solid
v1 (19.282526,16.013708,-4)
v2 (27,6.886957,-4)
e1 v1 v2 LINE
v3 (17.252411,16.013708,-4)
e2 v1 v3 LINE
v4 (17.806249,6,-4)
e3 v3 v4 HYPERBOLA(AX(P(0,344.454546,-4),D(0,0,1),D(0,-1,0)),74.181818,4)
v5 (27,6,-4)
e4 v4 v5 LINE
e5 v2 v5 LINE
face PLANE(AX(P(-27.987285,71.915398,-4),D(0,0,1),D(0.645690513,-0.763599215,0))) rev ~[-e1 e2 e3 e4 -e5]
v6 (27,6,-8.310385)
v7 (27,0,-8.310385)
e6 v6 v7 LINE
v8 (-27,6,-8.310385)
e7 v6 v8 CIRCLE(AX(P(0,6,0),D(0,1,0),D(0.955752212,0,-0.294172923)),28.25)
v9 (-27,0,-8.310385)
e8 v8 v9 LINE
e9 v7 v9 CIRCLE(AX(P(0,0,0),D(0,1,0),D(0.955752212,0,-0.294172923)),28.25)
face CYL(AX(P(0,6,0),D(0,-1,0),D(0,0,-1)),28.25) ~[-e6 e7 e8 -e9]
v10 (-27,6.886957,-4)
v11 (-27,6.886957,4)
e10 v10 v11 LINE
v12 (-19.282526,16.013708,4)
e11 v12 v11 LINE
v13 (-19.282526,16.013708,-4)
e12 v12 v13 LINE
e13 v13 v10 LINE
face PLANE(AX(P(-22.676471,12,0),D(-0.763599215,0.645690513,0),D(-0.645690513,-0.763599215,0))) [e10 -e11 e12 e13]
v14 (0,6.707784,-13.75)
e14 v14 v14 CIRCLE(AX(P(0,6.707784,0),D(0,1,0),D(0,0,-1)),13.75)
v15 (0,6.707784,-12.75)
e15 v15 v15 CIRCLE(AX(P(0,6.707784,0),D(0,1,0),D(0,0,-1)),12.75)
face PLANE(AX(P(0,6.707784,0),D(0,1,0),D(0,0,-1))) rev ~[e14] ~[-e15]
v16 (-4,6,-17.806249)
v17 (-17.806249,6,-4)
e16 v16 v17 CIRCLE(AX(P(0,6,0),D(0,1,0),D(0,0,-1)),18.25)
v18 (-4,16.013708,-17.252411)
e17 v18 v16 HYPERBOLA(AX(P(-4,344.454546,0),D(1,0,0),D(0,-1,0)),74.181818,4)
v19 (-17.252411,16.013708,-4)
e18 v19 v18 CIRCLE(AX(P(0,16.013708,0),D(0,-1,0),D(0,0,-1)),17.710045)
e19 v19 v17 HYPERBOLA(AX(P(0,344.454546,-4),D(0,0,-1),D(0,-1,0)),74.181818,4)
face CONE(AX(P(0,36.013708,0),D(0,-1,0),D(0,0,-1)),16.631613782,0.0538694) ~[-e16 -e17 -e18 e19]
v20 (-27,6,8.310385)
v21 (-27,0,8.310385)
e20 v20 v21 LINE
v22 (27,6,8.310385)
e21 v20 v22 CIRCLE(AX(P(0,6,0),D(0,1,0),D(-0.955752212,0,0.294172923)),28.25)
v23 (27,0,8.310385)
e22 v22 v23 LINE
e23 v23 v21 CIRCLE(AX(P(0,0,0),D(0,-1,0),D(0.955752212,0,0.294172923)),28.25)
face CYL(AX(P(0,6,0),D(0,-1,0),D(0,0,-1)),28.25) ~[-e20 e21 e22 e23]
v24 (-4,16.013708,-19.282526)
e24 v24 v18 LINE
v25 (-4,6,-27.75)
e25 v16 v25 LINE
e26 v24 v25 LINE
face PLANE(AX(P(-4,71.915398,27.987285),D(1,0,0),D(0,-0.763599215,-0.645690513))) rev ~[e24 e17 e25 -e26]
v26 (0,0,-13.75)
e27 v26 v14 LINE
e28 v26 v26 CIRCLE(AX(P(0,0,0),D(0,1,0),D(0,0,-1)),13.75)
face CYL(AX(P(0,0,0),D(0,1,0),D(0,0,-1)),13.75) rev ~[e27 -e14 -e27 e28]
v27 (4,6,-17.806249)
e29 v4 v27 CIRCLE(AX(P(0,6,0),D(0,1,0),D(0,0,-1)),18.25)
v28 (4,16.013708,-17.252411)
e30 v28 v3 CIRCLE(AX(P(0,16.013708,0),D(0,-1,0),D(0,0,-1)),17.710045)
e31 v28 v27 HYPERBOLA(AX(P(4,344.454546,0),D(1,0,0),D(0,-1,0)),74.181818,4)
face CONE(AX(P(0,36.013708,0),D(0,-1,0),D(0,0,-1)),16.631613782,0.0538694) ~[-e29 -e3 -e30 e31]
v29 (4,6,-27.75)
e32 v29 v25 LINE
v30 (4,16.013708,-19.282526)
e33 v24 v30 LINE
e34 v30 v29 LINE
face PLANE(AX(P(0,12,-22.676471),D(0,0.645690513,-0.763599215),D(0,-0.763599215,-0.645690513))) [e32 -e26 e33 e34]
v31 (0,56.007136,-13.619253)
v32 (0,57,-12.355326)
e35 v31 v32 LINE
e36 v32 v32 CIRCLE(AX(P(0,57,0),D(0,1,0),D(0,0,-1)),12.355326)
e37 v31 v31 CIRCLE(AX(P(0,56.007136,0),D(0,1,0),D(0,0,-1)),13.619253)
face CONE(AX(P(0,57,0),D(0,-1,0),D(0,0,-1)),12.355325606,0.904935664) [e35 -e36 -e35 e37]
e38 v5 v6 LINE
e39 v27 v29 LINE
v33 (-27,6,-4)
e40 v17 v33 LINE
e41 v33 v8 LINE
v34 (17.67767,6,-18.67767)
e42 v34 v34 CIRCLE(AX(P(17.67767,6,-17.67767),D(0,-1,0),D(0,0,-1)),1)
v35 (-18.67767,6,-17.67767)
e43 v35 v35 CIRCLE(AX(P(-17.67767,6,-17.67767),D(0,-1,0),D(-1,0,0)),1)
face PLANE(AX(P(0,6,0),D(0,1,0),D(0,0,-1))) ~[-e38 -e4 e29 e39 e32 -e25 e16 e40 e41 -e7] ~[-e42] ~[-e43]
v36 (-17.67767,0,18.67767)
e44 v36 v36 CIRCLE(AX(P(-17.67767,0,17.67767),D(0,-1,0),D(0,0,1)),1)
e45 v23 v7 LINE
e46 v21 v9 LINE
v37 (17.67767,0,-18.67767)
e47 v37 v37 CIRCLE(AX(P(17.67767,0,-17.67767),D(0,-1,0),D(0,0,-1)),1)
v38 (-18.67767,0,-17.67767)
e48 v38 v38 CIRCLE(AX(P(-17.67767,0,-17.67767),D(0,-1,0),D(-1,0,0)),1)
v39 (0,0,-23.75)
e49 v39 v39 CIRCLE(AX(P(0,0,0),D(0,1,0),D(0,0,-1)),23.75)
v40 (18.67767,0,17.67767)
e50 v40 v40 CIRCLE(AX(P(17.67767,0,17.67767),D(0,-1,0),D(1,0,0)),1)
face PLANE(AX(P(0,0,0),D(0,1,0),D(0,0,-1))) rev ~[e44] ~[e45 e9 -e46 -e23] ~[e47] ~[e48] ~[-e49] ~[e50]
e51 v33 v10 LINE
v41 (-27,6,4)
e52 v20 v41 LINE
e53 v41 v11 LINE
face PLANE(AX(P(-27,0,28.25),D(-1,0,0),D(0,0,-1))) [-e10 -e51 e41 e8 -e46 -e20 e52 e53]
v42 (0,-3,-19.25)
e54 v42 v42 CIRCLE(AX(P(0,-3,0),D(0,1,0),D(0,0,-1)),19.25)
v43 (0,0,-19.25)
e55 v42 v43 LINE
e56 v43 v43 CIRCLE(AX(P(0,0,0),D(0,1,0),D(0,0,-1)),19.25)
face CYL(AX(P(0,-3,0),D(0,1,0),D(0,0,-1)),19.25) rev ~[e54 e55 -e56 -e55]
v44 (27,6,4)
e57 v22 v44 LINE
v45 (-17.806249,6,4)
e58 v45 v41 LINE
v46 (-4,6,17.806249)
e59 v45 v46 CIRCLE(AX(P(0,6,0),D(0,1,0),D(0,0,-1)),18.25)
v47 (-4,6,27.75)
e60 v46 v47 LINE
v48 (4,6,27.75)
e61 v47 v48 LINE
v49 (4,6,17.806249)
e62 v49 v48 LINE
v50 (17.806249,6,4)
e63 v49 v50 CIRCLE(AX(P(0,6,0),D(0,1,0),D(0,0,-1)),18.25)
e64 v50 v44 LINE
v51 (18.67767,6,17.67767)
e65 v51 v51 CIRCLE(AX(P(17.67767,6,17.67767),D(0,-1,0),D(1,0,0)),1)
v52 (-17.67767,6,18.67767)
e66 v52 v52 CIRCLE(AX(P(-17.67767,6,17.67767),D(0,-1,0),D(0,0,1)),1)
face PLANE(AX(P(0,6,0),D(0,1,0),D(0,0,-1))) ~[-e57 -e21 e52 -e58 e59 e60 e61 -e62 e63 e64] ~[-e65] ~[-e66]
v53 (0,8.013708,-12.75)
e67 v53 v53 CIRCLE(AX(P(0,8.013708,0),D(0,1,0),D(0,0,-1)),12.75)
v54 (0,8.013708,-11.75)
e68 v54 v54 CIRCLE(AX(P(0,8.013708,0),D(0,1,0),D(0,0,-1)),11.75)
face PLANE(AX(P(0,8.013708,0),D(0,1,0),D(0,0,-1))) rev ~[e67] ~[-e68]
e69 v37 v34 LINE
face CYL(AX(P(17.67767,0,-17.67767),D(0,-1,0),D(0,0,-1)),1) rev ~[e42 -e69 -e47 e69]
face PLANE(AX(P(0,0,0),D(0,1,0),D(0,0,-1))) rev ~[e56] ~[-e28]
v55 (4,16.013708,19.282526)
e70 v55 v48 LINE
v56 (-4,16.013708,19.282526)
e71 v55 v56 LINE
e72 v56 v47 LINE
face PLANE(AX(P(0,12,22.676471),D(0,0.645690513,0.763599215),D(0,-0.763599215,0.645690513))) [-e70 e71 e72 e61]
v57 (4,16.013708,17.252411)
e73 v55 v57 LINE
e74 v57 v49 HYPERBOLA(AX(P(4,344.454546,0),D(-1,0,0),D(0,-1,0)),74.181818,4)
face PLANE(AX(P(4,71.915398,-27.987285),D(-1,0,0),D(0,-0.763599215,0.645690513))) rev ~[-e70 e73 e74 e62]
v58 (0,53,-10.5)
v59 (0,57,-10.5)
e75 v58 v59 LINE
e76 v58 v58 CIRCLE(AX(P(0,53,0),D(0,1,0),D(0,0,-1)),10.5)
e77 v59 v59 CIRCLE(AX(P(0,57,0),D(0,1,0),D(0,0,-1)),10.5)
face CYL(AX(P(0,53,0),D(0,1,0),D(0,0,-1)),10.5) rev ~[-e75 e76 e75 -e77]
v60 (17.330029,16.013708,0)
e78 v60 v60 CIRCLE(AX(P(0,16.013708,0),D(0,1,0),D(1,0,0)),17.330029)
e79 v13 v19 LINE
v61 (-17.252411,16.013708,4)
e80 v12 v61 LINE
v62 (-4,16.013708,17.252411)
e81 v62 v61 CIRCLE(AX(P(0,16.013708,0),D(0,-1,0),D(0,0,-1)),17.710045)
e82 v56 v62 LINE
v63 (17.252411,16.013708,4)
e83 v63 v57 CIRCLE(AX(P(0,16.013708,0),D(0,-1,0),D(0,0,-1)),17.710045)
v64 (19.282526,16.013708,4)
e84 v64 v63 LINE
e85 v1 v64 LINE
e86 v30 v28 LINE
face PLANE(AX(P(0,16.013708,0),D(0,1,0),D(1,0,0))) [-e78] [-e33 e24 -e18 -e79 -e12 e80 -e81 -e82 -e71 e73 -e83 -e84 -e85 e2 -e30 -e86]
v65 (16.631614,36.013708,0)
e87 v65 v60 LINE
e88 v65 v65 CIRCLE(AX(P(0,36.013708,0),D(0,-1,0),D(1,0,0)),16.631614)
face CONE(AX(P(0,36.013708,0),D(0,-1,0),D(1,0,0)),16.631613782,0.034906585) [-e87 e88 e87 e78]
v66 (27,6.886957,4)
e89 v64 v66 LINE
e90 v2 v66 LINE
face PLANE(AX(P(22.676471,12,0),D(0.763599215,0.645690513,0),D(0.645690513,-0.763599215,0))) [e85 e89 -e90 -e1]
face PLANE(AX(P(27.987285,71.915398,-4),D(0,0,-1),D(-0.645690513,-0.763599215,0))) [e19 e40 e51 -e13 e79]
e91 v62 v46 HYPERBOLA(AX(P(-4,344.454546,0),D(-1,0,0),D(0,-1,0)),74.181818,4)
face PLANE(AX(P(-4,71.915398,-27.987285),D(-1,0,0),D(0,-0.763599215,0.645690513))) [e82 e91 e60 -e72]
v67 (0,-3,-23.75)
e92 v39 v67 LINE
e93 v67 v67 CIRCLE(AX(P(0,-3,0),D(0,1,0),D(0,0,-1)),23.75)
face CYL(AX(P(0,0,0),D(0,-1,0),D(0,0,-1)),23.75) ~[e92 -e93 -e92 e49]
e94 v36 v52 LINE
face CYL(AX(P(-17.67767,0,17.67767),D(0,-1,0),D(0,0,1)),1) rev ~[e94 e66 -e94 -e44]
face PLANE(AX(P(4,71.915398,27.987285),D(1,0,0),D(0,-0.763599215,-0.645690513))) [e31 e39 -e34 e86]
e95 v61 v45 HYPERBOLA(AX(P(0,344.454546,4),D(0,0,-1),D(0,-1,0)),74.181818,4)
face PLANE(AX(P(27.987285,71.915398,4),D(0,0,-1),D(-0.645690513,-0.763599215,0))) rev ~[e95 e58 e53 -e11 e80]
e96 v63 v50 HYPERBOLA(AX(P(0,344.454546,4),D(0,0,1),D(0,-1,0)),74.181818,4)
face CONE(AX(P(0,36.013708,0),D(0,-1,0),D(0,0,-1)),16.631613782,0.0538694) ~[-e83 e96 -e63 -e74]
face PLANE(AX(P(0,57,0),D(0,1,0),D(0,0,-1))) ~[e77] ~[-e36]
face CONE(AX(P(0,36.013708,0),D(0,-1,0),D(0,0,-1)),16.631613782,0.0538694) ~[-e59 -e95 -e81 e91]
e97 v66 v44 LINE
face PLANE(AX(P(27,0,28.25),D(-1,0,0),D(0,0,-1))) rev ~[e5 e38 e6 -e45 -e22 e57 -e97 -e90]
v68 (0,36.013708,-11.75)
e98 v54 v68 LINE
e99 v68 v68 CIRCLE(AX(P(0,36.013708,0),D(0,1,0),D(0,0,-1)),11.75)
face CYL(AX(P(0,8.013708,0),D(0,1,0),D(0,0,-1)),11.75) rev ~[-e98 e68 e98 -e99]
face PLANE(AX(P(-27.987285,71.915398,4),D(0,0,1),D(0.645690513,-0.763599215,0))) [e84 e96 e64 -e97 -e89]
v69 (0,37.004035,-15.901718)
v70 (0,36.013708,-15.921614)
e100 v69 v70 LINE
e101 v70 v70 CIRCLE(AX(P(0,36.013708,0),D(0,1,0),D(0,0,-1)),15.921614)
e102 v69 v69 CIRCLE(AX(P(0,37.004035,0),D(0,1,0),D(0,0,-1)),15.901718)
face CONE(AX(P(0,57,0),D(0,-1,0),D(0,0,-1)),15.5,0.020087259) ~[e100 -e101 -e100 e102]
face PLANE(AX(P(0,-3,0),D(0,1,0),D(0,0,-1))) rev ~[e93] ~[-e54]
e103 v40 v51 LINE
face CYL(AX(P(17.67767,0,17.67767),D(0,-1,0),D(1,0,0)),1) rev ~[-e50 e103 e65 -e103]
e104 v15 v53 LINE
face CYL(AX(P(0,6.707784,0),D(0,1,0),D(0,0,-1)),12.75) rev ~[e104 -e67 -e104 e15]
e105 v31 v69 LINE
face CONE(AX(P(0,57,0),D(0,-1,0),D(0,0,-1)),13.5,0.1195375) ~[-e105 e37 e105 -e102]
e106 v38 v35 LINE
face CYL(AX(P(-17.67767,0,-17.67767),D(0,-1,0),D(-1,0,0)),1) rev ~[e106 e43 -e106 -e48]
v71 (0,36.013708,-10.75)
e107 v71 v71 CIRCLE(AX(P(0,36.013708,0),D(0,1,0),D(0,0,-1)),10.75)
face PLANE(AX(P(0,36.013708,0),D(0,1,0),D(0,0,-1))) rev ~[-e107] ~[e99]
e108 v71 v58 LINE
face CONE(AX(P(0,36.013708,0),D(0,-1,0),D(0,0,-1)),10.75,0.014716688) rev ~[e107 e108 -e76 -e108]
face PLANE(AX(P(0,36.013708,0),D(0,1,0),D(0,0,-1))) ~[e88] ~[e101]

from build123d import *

# Parameters (mm, degrees)
RIB1_REACH          = 71.607
SKETCH3_WALL_W      = 156.928914452
SKETCH3_WALL_H      = 8
CHAMFER1_SIZE       = 2
CHAMFER1_SIZE2      = 20
CHAMFER2_SIZE       = 1
CHAMFER2_SIZE2      = 1.144674394
CIRPATTERN23_COUNT  = 4
CUT_EXTRUDE7_REACH  = 71.607
SKETCH5_R           = 1
CIRPATTERN24_COUNT  = 4
SKETCH4_OUTSIDE_W   = 79.882
SKETCH4_OUTSIDE_H   = 79.882
SKETCH4_OUTSIDE_R   = 16.631613782
CUT_EXTRUDE8_DEPTH  = 20
CUT_EXTRUDE8_DRAFT  = -2
SKETCH7_OUTSIDE_W   = 78.484
SKETCH7_OUTSIDE_H   = 78.484
SKETCH7_OUTSIDE_W_2 = 54
SKETCH7_OUTSIDE_H_2 = 56.5
CUT_EXTRUDE9_DEPTH  = 57


with BuildPart() as part:
    # Sketch1 → Revolve1 (revolve)
    with BuildSketch(Plane(origin=(0, 0, 0), x_dir=(0, 0, -1), z_dir=(1, 0, 0))):
        Polygon((10.5, 57), (15.5, 57), (15.921613782, 36.013708049), (16.631613782, 36.013708049), (18.25, 6), (28.25, 6), (28.25, 0), (23.75, 0), (23.75, -3), (19.25, -3), (19.25, 0), (13.75, 0), (13.75, 6.707783598), (12.75, 6.707783598), (12.75, 8.013708049), (11.75, 8.013708049), (11.75, 36.013708049), (10.75, 36.013708049), (10.5, 53), align=None)
    revolve(axis=Axis((0, 0, 0), (0, 1, 0)))

    # Sketch3 wall → Rib1 (add, up to next)
    with BuildSketch(Plane(origin=(22.676470588, 12, 0), x_dir=(0.645690512921, -0.763599215245, 0), z_dir=(0.763599215245, 0.645690512921, 0)), mode=Mode.PRIVATE) as rib1_sk1:
        Rectangle(SKETCH3_WALL_W, SKETCH3_WALL_H)
    rib1_tool1 = extrude(rib1_sk1.sketch, amount=-RIB1_REACH, mode=Mode.PRIVATE) - part.part
    rib1 = rib1_tool1.solids().sort_by_distance((22.676470588, 12, 0))[0]
    add(rib1)

    # Chamfer1
    chamfer1_edges = [part.edges().sort_by_distance(p)[0] for p in [
        (0, 57, 15.5),
    ]]
    chamfer1_side = [part.faces().sort_by_distance(p)[0] for p in [
        (0, 57, 10.938406204),
    ]]
    chamfer(chamfer1_edges, length=CHAMFER1_SIZE, length2=CHAMFER1_SIZE2, reference=chamfer1_side[0])

    # Chamfer2
    chamfer2_edges = [part.edges().sort_by_distance(p)[0] for p in [
        (0, 57, 13.5),
    ]]
    chamfer2_side = [part.faces().sort_by_distance(p)[0] for p in [
        (0, 47.002017422, 14.700859078),
    ]]
    chamfer(chamfer2_edges, length=CHAMFER2_SIZE, length2=CHAMFER2_SIZE2, reference=chamfer2_side[0])

    # CirPattern23: Rib1 ×4 about axis
    cirpattern23_axis = Axis((0, 0, 0), (0, 1, 0))
    for i in range(1, CIRPATTERN23_COUNT):
        add(rib1.rotate(cirpattern23_axis, i * 360 / CIRPATTERN23_COUNT))

    # Sketch5 → Cut-Extrude7 (cut, up to next)
    with BuildSketch(Plane.XZ, mode=Mode.PRIVATE) as cut_extrude7_sk1:
        with Locations(Location((17.67766953, -17.67766953, 0), (0, 0, 270))):
            Circle(SKETCH5_R)
    cut_extrude7_tool1 = extrude(cut_extrude7_sk1.sketch, amount=-CUT_EXTRUDE7_REACH, mode=Mode.PRIVATE) & part.part
    cut_extrude7 = cut_extrude7_tool1.solids().sort_by_distance((17.67767, 0, -17.67767))[0]
    add(cut_extrude7, mode=Mode.SUBTRACT)

    # CirPattern24: Cut-Extrude7 ×4 about axis
    cirpattern24_axis = Axis((0, 0, 0), (0, 1, 0))
    for i in range(1, CIRPATTERN24_COUNT):
        add(cut_extrude7.rotate(cirpattern24_axis, i * 360 / CIRPATTERN24_COUNT), mode=Mode.SUBTRACT)


with BuildPart() as cut_extrude8_tool:
    # Sketch4 outside → Cut-Extrude8 (with draft: the straight prism first)
    with BuildSketch(Plane(origin=(0, 36.013708049, 0), x_dir=(1, 0, 0), z_dir=(0, 1, 0))):
        Rectangle(SKETCH4_OUTSIDE_W, SKETCH4_OUTSIDE_H)
        Circle(SKETCH4_OUTSIDE_R, mode=Mode.SUBTRACT)
    extrude(amount=-CUT_EXTRUDE8_DEPTH)
    # Cut-Extrude8: the draft: its side faces are tilted about the plane it starts from
    cut_extrude8_sides = [cut_extrude8_tool.faces().sort_by_distance(p)[0] for p in [
        (0, 26.013708049, 39.941),
        (39.941, 26.013708049, 0),
        (0, 26.013708049, -39.941),
        (-39.941, 26.013708049, 0),
        (-16.631613782, 26.013708049, 0),
    ]]
    draft(cut_extrude8_sides, Plane(origin=(0, 36.013708049, 0), x_dir=(1, 0, 0), z_dir=(0, 1, 0)), CUT_EXTRUDE8_DRAFT)


with BuildPart() as part_1:
    add(part.part)

    # Cut-Extrude8: cut by cut_extrude8_tool
    add(cut_extrude8_tool.part, mode=Mode.SUBTRACT)

    # Sketch7 outside → Cut-Extrude9 (cut)
    with BuildSketch(Plane(origin=(0, 0, 0), x_dir=(1, 0, 0), z_dir=(0, 1, 0))):
        Rectangle(SKETCH7_OUTSIDE_W, SKETCH7_OUTSIDE_H)
        Rectangle(SKETCH7_OUTSIDE_W_2, SKETCH7_OUTSIDE_H_2, mode=Mode.SUBTRACT)
    extrude(amount=CUT_EXTRUDE9_DEPTH, mode=Mode.SUBTRACT)


solid = part_1.part
